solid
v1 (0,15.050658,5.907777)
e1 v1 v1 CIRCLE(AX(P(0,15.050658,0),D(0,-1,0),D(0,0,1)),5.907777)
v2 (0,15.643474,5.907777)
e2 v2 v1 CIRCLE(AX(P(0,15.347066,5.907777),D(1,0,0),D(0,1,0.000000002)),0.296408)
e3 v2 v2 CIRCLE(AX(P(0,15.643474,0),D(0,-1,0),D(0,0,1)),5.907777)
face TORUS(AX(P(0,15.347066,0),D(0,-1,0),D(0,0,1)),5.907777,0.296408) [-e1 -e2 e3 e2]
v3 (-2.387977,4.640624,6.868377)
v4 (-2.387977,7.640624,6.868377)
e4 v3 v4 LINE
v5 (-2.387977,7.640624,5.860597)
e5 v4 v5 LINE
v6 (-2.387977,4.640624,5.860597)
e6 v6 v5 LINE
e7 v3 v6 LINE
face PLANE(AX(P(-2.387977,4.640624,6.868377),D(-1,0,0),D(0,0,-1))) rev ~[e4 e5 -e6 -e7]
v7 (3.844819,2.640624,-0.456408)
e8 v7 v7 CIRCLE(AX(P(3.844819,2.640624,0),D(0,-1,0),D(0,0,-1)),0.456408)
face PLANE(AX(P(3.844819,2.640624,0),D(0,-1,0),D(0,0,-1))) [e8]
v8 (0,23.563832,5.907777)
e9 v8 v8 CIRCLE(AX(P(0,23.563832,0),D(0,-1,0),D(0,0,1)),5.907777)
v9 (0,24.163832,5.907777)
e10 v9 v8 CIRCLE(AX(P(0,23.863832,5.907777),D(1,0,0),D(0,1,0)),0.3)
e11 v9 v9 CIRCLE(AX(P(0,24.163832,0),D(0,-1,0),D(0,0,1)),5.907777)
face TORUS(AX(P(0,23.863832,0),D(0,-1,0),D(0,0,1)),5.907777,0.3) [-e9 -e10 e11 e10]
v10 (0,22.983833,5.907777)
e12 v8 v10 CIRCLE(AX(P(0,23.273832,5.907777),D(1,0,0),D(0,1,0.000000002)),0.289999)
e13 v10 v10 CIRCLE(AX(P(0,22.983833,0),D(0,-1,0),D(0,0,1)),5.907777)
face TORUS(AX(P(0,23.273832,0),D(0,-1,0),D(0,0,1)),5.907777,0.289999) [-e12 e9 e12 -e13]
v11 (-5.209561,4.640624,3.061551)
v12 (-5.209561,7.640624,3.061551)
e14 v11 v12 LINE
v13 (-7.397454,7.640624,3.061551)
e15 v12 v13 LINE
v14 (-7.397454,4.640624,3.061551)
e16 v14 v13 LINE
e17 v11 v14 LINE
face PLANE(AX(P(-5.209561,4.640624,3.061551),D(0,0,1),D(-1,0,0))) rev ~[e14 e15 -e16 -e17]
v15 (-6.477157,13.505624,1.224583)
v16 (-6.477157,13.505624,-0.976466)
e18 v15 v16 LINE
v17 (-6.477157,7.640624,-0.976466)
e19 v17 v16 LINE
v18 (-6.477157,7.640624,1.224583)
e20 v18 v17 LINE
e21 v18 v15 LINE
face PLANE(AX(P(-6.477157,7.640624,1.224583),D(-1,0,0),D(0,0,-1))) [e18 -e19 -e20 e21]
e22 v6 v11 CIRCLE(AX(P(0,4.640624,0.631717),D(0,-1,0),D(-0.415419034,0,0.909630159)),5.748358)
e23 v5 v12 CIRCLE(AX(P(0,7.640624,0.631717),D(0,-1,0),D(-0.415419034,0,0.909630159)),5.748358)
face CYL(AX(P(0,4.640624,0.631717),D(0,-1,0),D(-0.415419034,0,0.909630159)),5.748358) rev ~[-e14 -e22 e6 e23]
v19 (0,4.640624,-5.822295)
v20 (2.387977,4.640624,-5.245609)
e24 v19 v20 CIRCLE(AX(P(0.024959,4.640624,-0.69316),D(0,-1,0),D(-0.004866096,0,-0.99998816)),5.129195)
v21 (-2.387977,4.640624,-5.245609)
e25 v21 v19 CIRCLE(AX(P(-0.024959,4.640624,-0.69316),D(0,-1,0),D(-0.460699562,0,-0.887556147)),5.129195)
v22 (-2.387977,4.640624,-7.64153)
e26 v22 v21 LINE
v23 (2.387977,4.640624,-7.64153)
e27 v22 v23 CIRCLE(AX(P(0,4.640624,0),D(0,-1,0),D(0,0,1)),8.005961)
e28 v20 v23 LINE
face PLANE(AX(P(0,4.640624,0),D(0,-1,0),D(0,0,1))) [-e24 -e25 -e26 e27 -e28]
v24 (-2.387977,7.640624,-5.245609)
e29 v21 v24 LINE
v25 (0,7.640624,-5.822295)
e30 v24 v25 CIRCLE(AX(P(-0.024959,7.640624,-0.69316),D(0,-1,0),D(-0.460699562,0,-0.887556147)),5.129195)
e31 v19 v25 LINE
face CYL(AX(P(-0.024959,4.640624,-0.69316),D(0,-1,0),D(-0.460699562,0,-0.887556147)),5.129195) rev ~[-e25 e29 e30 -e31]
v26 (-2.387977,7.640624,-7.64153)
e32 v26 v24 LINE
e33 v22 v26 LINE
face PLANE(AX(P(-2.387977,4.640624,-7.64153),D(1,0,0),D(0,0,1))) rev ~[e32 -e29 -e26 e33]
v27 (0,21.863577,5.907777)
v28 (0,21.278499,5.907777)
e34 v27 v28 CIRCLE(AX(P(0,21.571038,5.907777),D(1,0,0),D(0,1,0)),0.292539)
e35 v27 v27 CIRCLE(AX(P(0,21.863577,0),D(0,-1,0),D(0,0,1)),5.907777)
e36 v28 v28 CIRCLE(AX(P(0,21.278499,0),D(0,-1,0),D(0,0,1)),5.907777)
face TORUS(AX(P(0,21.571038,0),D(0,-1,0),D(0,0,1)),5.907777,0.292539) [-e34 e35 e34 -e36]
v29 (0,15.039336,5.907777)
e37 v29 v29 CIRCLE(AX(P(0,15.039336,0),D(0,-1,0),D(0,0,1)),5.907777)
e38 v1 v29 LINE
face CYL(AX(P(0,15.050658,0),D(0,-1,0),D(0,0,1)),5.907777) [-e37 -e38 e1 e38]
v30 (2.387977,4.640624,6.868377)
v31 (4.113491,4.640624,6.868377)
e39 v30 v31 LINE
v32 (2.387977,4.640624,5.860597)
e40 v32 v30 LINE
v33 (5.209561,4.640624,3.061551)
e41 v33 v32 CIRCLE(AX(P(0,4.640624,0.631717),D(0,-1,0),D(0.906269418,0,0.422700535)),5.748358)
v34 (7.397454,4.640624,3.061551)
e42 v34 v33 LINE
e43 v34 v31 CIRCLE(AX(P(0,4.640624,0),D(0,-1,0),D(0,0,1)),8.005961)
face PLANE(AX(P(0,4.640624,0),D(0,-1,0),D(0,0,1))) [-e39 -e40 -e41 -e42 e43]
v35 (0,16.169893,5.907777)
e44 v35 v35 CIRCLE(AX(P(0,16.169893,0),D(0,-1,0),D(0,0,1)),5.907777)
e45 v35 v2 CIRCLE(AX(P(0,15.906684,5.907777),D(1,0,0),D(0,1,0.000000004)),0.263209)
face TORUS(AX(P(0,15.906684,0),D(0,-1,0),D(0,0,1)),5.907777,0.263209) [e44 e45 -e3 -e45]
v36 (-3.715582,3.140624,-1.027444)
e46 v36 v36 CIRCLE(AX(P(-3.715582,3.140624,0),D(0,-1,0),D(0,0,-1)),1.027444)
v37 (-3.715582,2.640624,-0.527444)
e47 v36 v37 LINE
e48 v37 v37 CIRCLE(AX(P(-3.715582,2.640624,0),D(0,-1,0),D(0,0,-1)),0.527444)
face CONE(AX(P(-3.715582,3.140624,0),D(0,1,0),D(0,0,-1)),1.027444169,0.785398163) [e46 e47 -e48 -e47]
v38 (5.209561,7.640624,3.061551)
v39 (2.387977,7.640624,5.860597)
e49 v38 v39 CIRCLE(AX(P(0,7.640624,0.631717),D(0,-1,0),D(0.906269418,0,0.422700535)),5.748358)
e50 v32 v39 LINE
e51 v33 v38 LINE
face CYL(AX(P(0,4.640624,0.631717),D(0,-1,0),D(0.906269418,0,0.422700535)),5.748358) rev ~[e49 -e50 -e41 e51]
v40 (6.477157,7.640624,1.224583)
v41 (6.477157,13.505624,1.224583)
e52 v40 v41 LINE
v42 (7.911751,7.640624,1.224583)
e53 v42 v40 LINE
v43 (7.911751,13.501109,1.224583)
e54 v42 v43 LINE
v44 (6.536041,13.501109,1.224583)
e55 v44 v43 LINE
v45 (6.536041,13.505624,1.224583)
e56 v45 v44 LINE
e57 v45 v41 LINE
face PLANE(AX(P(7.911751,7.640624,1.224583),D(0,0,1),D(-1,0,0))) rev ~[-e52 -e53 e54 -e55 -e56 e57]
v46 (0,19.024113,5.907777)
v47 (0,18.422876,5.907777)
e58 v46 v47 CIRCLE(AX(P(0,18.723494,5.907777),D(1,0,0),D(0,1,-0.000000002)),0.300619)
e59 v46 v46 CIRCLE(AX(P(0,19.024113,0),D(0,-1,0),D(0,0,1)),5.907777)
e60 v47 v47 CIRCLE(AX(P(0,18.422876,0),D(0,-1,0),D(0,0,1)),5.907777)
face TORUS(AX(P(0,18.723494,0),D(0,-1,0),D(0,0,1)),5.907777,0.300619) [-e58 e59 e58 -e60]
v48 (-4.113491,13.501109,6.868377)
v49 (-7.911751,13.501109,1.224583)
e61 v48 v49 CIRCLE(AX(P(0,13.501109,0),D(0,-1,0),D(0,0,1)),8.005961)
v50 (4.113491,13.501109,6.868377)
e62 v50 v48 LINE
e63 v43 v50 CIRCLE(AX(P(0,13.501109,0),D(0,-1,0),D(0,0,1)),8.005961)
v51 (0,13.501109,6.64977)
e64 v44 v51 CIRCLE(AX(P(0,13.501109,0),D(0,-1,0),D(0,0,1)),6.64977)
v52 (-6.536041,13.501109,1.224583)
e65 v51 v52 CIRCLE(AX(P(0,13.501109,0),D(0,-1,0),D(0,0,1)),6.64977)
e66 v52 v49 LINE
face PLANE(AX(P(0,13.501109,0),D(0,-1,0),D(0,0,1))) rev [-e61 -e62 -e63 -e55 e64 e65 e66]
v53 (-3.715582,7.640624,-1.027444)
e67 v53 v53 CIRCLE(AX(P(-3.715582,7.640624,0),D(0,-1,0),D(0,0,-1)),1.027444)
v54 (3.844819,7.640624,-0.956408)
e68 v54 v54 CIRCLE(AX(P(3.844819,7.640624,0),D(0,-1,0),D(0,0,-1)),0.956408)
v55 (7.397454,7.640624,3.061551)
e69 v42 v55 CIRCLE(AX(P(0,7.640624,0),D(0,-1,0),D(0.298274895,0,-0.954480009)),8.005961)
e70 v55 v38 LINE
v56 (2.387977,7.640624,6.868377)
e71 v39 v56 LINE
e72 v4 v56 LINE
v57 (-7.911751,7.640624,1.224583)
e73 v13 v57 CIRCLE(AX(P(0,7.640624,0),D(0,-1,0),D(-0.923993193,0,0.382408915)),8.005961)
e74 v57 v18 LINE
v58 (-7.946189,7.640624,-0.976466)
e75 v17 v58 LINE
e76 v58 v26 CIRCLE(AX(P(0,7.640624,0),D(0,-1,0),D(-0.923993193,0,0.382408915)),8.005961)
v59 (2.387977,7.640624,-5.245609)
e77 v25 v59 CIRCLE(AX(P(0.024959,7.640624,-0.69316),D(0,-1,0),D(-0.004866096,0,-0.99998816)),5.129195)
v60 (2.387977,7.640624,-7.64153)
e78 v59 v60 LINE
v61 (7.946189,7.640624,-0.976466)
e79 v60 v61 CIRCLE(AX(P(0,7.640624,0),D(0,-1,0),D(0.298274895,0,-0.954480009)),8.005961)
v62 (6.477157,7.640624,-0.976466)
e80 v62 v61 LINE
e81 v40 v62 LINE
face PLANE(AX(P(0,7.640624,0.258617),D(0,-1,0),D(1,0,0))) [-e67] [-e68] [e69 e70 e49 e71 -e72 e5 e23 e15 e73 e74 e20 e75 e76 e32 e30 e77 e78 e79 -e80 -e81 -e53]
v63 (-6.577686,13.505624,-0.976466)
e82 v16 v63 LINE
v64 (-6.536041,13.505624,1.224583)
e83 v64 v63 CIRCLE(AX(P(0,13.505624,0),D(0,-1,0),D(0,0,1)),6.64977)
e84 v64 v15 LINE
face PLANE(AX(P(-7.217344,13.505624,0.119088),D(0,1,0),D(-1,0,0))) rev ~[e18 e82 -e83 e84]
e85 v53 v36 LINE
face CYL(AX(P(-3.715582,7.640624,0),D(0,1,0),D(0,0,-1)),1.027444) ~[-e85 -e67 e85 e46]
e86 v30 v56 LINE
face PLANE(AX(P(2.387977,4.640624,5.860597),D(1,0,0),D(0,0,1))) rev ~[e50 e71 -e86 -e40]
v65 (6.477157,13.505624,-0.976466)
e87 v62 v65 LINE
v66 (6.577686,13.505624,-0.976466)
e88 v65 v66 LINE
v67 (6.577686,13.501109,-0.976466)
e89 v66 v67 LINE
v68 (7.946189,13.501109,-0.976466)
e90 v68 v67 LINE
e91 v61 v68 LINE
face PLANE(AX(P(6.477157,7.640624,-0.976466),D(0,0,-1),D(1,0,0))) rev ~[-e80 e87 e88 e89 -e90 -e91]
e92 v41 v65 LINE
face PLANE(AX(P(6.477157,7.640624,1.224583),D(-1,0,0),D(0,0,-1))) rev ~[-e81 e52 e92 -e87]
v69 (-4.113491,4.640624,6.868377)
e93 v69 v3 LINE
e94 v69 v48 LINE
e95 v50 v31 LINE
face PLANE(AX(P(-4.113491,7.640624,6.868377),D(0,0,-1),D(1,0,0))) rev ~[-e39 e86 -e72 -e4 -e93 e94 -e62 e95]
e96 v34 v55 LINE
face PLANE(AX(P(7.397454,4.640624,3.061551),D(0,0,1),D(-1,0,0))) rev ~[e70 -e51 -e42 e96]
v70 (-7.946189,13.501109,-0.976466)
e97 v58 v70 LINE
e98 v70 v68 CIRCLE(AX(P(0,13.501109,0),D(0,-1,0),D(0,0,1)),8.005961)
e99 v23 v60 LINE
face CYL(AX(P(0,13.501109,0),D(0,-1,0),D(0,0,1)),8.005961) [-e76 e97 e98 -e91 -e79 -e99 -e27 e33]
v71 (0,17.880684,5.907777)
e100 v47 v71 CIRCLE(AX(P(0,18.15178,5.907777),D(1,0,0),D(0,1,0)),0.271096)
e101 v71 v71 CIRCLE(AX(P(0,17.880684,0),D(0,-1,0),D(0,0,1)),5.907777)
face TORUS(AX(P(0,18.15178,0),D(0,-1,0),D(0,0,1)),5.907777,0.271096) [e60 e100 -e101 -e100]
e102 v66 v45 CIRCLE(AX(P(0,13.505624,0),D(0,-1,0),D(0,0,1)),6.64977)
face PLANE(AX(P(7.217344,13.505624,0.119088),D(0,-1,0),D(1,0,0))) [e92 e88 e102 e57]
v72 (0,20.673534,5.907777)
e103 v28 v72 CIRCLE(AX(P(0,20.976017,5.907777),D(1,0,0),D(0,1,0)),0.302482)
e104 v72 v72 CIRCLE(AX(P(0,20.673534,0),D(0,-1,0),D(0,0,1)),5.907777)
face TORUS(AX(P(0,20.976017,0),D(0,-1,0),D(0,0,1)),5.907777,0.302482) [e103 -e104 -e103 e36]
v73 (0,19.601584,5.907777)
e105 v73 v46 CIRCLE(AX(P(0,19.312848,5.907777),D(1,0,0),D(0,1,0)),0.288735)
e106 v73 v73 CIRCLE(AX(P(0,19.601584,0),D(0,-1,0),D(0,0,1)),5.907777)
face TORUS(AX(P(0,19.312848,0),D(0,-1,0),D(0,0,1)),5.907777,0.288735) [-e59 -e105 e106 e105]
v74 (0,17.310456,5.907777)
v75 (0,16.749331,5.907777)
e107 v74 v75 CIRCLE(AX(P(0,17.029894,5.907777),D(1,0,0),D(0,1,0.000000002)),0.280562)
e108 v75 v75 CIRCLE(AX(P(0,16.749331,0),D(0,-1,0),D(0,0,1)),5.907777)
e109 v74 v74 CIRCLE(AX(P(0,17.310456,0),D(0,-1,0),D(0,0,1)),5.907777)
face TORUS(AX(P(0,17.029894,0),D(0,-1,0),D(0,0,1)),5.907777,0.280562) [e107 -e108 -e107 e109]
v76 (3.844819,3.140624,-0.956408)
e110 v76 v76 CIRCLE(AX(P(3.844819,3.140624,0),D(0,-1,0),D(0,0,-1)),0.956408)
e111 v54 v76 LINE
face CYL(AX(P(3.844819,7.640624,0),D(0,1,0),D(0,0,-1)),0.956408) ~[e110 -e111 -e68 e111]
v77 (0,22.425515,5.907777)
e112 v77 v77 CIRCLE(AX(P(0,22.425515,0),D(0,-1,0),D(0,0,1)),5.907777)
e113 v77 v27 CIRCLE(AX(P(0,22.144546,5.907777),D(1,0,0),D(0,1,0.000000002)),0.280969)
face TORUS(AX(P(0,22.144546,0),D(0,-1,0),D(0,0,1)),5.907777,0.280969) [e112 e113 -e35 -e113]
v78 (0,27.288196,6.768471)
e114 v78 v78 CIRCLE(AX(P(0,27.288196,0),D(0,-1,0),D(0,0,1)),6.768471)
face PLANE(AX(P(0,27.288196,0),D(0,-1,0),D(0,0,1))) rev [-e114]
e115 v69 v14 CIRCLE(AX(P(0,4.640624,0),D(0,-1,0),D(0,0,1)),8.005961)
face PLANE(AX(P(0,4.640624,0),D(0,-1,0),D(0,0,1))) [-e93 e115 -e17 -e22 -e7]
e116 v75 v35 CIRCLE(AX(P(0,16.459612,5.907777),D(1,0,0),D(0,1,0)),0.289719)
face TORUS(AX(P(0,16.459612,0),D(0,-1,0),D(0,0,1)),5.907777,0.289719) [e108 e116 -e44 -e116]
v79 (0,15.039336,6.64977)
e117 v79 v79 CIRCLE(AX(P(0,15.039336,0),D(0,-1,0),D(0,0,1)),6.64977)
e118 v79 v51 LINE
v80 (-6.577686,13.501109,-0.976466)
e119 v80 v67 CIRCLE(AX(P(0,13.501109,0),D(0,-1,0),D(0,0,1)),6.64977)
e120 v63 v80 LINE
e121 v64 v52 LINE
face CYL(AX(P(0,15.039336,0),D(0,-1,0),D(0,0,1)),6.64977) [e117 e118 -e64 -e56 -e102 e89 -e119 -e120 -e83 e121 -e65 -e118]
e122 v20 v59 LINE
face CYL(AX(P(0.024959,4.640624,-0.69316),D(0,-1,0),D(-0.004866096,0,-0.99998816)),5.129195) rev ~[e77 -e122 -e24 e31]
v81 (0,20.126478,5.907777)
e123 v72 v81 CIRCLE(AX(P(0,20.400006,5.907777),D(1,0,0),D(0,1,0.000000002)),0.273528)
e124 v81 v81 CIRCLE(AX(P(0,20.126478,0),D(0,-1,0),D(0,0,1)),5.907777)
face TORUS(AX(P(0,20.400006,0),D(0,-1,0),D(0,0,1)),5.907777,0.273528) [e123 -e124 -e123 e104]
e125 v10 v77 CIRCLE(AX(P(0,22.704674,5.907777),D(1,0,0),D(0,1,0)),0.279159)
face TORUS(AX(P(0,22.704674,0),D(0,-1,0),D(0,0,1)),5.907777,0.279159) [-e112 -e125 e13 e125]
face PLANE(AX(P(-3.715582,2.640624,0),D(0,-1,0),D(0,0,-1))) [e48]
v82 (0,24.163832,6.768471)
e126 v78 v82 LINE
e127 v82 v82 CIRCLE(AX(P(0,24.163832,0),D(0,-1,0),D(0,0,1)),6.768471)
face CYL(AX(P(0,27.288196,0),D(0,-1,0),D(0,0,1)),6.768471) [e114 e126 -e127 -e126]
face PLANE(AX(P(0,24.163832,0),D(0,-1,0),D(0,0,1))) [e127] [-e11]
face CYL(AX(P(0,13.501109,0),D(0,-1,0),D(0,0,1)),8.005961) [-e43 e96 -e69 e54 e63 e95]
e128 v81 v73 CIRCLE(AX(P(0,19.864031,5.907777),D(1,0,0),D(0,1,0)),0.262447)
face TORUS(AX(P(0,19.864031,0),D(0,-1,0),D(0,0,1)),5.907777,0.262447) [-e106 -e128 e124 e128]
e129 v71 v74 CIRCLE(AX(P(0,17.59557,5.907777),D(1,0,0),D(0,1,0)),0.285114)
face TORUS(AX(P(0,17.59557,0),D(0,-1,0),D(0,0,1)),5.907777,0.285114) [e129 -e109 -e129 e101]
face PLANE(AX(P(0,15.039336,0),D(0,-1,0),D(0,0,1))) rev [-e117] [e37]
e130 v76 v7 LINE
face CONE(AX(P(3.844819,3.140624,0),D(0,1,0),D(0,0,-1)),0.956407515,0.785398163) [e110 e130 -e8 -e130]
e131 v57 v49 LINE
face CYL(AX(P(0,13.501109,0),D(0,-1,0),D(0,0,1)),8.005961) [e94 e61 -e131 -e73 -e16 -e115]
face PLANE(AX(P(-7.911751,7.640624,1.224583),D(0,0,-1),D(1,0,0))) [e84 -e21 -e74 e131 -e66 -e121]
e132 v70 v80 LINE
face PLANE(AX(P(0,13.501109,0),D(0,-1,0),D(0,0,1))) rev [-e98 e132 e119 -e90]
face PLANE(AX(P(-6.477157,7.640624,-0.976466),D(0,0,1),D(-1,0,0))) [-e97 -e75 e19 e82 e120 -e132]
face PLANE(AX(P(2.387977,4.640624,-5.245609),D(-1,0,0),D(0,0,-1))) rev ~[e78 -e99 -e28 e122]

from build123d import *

# Parameters (mm, degrees)
ENL_V_MAT_EXTRU_1_DEPTH = 3
ESQUISSE3_R             = 1.027444169
ESQUISSE3_R_2           = 0.956407515
BOSS_EXTRU_1_DEPTH      = 5
ENL_V_MAT_EXTRU_2_DEPTH = 23.676373315
CHANFREIN1_SIZE         = 0.5
ENL_V_MAT_EXTRU_3_DEPTH = 5.865


with BuildPart() as part:
    # Esquisse1 → Révolution1 (revolve)
    with BuildSketch(Plane.XY):
        with BuildLine():
            Line((0, 27.288195958), (6.768471494, 27.288195958))
            Line((6.768471494, 27.288195958), (6.768471494, 24.163831824))
            Line((6.768471494, 24.163831824), (5.907777493, 24.163831824))
            ThreePointArc((5.907777493, 24.163831824), (6.207777493, 23.863831824), (5.907777493, 23.563831824))
            ThreePointArc((5.907777493, 23.563831824), (6.197776871, 23.273832445), (5.907777493, 22.983833067))
            ThreePointArc((5.907777493, 22.983833067), (6.186936489, 22.704674071), (5.907777493, 22.425515075))
            ThreePointArc((5.907777493, 22.425515075), (6.188746488, 22.14454608), (5.907777493, 21.863577084))
            ThreePointArc((5.907777493, 21.863577084), (6.200316512, 21.571038065), (5.907777493, 21.278499046))
            ThreePointArc((5.907777493, 21.278499046), (6.210259875, 20.976016664), (5.907777493, 20.673534282))
            ThreePointArc((5.907777493, 20.673534282), (6.181305497, 20.400006277), (5.907777493, 20.126478273))
            ThreePointArc((5.907777493, 20.126478273), (6.170224739, 19.864031027), (5.907777493, 19.601583781))
            ThreePointArc((5.907777493, 19.601583781), (6.196512861, 19.312848413), (5.907777493, 19.024113045))
            ThreePointArc((5.907777493, 19.024113045), (6.208396203, 18.723494336), (5.907777493, 18.422875626))
            ThreePointArc((5.907777493, 18.422875626), (6.178873307, 18.151779812), (5.907777493, 17.880683998))
            ThreePointArc((5.907777493, 17.880683998), (6.192891572, 17.595569919), (5.907777493, 17.31045584))
            ThreePointArc((5.907777493, 17.31045584), (6.188339665, 17.029893667), (5.907777493, 16.749331495))
            ThreePointArc((5.907777493, 16.749331495), (6.197496946, 16.459612042), (5.907777493, 16.169892589))
            ThreePointArc((5.907777493, 16.169892589), (6.170986561, 15.90668352), (5.907777493, 15.643474451))
            ThreePointArc((5.907777493, 15.643474451), (6.204185943, 15.347066001), (5.907777493, 15.05065755))
            Line((5.907777493, 15.05065755), (5.907777493, 15.039335738))
            Line((5.907777493, 15.039335738), (6.649770026, 15.039335738))
            Line((6.649770026, 15.039335738), (6.649770026, 13.501109146))
            Line((6.649770026, 13.501109146), (7.086367087, 13.501109146))
            Line((7.086367087, 13.501109146), (8.005961063, 13.501109146))
            Line((8.005961063, 13.501109146), (8.005961063, 7.646126319))
            Line((8.005961063, 7.646126319), (8.005961063, 4.640624056))
            Line((8.005961063, 4.640624056), (0, 4.640624056))
            Line((0, 4.640624056), (0, 27.288195958))
        make_face()
    revolve(axis=Axis((0, 27.288195958, 0), (0, -1, 0)))

    # Esquisse2 → Enlèv. mat.-Extru.1 (cut)
    with BuildSketch(Plane.XZ.offset(-4.640624056)):
        with BuildLine():
            Line((2.387977199, 6.868377332), (4.113490655, 6.868377332))
            ThreePointArc((4.113490655, 6.868377332), (0, 8.005961063), (-4.113490655, 6.868377332))
            Line((-4.113490655, 6.868377332), (-2.387977199, 6.868377332))
            Line((-2.387977199, 6.868377332), (-2.387977199, 5.860596536))
            ThreePointArc((-2.387977199, 5.860596536), (-4.048371275, 4.712685794), (-5.209560781, 3.061550885))
            Line((-5.209560781, 3.061550885), (-7.397453529, 3.061550885))
            ThreePointArc((-7.397453529, 3.061550885), (-7.251044586, -3.39378328), (-2.387977199, -7.641529784))
            Line((-2.387977199, -7.641529784), (-2.387977199, -5.245608804))
            ThreePointArc((-2.387977199, -5.245608804), (-1.229023712, -5.679027316), (0, -5.822294564))
            ThreePointArc((0, -5.822294564), (1.229023712, -5.679027316), (2.387977199, -5.245608804))
            Line((2.387977199, -5.245608804), (2.387977199, -7.641529784))
            ThreePointArc((2.387977199, -7.641529784), (7.251044586, -3.39378328), (7.397453529, 3.061550885))
            Line((7.397453529, 3.061550885), (5.209560781, 3.061550885))
            ThreePointArc((5.209560781, 3.061550885), (4.048371275, 4.712685794), (2.387977199, 5.860596536))
            Line((2.387977199, 5.860596536), (2.387977199, 6.868377332))
        make_face()
    extrude(amount=-ENL_V_MAT_EXTRU_1_DEPTH, mode=Mode.SUBTRACT)

    # Esquisse3 → Boss.-Extru.1 (add)
    with BuildSketch(Plane.XZ.offset(-7.640624056)):
        with Locations((-3.71558161, 0)):
            Circle(ESQUISSE3_R)
        with Locations((3.844819232, 0)):
            Circle(ESQUISSE3_R_2)
    extrude(amount=BOSS_EXTRU_1_DEPTH)

    # Esquisse4 → Enlèv. mat.-Extru.2 (cut, through all)
    with BuildSketch(Plane.XZ.offset(-7.640624056)):
        with BuildLine():
            Line((-4.113490655, 6.868377332), (4.113490655, 6.868377332))
            ThreePointArc((4.113490655, 6.868377332), (0, 8.005961063), (-4.113490655, 6.868377332))
        make_face()
    extrude(amount=-ENL_V_MAT_EXTRU_2_DEPTH, mode=Mode.SUBTRACT)

    # Chanfrein1
    chanfrein1_edges = [part.edges().sort_by_distance(p)[0] for p in [
        (-4.743025779, 2.640624056, 0),
        (2.888411717, 2.640624056, 0),
    ]]
    chamfer(chanfrein1_edges, length=CHANFREIN1_SIZE)

    # Esquisse5 → Enlèv. mat.-Extru.3 (cut)
    with BuildSketch(Plane.XZ.offset(-7.640624056)):
        with BuildLine():
            Line((7.91175133, 1.224582962), (6.477157492, 1.224582962))
            Line((6.477157492, 1.224582962), (6.477157492, -0.976465558))
            Line((6.477157492, -0.976465558), (7.946189499, -0.976465558))
            ThreePointArc((7.946189499, -0.976465558), (8.004981292, 0.125247987), (7.91175133, 1.224582962))
        make_face()
        with BuildLine():
            Line((-6.477157492, -0.976465558), (-7.946189499, -0.976465558))
            ThreePointArc((-7.946189499, -0.976465558), (-8.004981292, 0.125247987), (-7.91175133, 1.224582962))
            Line((-7.91175133, 1.224582962), (-6.477157492, 1.224582962))
            Line((-6.477157492, 1.224582962), (-6.477157492, -0.976465558))
        make_face()
    extrude(amount=-ENL_V_MAT_EXTRU_3_DEPTH, mode=Mode.SUBTRACT)


solid = part.part
